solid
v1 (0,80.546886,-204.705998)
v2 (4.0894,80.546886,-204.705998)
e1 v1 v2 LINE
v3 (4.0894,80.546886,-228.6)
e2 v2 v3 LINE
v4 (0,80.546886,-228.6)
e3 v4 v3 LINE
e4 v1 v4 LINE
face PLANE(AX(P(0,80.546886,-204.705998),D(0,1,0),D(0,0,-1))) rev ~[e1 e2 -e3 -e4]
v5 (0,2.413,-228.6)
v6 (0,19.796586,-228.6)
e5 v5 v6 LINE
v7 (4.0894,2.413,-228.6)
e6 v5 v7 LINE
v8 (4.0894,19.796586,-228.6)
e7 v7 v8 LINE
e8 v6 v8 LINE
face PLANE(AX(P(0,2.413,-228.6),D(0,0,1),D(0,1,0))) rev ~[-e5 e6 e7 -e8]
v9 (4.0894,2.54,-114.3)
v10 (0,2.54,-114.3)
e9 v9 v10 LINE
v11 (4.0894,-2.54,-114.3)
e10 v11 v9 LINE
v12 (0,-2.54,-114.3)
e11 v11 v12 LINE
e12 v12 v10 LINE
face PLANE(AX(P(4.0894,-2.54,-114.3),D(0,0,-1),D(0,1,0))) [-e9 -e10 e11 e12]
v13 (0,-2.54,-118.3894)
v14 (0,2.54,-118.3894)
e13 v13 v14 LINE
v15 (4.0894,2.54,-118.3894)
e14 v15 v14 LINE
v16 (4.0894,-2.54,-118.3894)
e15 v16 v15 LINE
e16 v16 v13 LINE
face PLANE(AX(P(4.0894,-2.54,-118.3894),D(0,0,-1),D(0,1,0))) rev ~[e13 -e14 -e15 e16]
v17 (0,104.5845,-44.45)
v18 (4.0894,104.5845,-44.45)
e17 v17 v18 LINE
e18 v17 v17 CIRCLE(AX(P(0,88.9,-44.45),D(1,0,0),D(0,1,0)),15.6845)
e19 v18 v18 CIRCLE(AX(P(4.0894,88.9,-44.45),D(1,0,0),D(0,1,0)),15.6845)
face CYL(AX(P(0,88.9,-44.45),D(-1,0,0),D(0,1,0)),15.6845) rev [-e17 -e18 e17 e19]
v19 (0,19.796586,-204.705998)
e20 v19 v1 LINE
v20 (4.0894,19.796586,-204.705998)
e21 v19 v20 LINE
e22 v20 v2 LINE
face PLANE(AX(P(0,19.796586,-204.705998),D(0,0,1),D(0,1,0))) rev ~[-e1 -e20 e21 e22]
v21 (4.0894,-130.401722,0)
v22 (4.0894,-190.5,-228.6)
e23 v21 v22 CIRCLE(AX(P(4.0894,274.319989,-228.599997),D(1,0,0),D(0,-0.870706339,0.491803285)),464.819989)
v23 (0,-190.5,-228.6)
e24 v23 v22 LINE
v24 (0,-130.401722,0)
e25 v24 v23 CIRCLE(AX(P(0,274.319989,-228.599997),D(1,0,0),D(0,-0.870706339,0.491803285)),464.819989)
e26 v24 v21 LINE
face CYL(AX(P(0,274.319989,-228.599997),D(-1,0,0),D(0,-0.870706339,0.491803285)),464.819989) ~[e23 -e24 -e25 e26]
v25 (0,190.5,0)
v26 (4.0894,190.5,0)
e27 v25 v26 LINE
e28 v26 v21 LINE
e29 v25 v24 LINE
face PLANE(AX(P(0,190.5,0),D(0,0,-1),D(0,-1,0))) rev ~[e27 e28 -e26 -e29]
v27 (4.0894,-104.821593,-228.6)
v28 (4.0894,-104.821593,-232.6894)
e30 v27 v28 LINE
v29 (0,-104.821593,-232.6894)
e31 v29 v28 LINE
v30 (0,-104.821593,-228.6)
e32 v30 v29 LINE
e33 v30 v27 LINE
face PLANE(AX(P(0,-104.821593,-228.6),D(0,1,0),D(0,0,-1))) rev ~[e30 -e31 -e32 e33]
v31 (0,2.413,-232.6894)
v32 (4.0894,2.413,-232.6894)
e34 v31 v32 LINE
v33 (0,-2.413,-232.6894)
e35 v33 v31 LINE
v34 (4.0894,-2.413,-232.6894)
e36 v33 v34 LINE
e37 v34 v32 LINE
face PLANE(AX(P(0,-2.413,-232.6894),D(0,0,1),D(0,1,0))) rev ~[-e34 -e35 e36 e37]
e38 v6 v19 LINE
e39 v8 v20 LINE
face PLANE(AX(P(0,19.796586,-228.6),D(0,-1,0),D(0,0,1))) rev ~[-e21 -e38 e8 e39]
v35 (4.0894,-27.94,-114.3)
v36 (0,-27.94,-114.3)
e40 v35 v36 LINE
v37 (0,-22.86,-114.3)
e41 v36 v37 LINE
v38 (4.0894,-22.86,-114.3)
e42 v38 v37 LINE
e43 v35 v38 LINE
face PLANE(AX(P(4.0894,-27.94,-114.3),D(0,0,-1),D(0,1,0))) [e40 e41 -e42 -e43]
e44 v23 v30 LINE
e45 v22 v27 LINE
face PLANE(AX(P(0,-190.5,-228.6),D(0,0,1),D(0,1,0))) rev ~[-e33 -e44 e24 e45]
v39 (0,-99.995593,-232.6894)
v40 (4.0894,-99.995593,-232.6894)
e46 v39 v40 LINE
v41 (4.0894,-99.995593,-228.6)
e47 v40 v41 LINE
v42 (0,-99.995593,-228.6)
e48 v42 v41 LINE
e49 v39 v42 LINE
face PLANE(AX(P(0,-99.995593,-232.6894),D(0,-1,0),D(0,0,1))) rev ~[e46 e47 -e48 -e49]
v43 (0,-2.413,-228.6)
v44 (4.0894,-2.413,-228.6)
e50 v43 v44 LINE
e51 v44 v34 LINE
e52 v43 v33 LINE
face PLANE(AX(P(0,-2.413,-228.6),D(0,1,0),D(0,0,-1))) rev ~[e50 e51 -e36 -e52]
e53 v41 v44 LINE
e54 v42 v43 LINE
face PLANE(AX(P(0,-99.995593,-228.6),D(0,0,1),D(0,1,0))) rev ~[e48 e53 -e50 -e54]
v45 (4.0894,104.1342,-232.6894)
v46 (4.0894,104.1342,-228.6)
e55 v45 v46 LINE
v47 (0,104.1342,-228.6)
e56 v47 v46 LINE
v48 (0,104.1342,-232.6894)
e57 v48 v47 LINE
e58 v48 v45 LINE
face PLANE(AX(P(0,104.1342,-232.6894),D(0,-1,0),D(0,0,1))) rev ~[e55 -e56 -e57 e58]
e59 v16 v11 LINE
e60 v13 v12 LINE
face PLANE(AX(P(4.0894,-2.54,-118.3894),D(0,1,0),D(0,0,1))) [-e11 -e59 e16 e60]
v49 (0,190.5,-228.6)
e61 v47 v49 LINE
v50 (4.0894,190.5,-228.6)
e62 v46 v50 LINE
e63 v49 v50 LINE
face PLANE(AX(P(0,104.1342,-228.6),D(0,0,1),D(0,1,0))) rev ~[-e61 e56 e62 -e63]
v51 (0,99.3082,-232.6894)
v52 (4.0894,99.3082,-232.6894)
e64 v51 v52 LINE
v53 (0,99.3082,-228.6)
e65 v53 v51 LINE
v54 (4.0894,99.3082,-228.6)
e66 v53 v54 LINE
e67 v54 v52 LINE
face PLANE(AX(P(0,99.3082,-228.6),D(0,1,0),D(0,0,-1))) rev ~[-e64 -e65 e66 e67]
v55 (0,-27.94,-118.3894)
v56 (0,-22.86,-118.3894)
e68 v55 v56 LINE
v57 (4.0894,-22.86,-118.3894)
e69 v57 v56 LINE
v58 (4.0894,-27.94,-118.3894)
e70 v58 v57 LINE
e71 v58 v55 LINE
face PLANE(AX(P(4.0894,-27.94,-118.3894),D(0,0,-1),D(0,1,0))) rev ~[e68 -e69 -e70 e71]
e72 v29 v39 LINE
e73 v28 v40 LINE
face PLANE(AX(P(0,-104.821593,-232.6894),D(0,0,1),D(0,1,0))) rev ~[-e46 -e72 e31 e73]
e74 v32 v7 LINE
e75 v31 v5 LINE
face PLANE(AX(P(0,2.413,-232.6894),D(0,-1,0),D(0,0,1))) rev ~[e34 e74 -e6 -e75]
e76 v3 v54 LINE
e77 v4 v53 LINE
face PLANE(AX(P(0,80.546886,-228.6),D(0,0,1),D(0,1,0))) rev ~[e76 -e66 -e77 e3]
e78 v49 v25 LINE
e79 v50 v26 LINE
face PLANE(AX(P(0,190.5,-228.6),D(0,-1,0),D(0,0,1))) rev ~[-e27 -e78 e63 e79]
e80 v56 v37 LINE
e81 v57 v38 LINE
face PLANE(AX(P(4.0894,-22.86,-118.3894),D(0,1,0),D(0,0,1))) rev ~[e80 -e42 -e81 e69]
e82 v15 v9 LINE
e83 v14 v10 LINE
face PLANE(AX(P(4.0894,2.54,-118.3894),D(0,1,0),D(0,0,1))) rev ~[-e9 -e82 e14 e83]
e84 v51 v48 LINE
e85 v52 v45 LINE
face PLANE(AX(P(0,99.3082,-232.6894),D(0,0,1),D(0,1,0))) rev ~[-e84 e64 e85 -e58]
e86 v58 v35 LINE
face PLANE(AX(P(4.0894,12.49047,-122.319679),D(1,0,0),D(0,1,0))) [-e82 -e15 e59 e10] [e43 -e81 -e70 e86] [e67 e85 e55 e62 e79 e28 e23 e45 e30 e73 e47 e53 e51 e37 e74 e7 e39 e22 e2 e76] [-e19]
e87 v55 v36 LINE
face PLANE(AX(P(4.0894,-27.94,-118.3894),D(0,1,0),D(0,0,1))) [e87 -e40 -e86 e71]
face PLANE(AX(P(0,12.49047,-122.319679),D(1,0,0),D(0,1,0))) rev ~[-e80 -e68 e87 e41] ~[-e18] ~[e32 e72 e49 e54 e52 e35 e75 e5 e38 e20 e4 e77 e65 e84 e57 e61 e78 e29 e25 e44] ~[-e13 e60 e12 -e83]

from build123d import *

# Parameters (mm, degrees)
F0_R     = 15.6845
F1_DEPTH = 4.0894
F2_W     = 5.08
F2_H     = 4.0894
F3_DEPTH = 25.4


with BuildPart() as f1:
    # F0 (on Right) → F1 (new body)
    with BuildSketch(Plane.YZ):
        with BuildLine():
            Line((104.3824, -228.6), (190.5, -228.6))
            Line((190.5, -228.6), (190.5, 0))
            Line((190.5, 0), (-130.401722, 0))
            ThreePointArc((-130.401722, 0), (-175.224427, -110.416072), (-190.5, -228.6))
            Line((-190.5, -228.6), (-104.821593, -228.6))
            Line((-104.821593, -228.6), (-99.995593, -228.6))
            Line((-99.995593, -228.6), (-2.54, -228.6))
            Line((-2.54, -228.6), (-2.413, -228.6))
            Line((-2.413, -228.6), (2.413, -228.6))
            Line((2.413, -228.6), (2.54, -228.6))
            Line((2.54, -228.6), (19.796586, -228.6))
            Line((19.796586, -228.6), (19.796586, -204.705998))
            Line((19.796586, -204.705998), (80.546886, -204.705998))
            Line((80.546886, -204.705998), (80.546886, -228.6))
            Line((80.546886, -228.6), (99.06, -228.6))
            Line((99.06, -228.6), (99.3082, -228.6))
            Line((99.3082, -228.6), (104.1342, -228.6))
            Line((104.1342, -228.6), (104.3824, -228.6))
        make_face()
        with Locations((88.9, -44.45)):
            Circle(F0_R, mode=Mode.SUBTRACT)
        Polygon((104.1342, -232.6894), (104.1342, -228.6), (99.3082, -228.6), (99.3082, -232.6894), (101.7212, -232.6894), align=None)
        Polygon((-99.995593, -228.6), (-104.821593, -228.6), (-104.821593, -232.6894), (-102.408593, -232.6894), (-99.995593, -232.6894), align=None)
        Polygon((2.413, -228.6), (-2.413, -228.6), (-2.413, -232.6894), (0, -232.6894), (2.413, -232.6894), align=None)
    extrude(amount=F1_DEPTH)

    # F2 (on face) → F3 (cut)
    with BuildSketch(Plane.YZ.offset(4.0894)):
        with Locations((0, -116.3447)):
            Rectangle(F2_W, F2_H)
        with Locations((-25.4, -116.3447)):
            Rectangle(F2_W, F2_H)
    extrude(amount=-F3_DEPTH, mode=Mode.SUBTRACT)


solid = f1.part
